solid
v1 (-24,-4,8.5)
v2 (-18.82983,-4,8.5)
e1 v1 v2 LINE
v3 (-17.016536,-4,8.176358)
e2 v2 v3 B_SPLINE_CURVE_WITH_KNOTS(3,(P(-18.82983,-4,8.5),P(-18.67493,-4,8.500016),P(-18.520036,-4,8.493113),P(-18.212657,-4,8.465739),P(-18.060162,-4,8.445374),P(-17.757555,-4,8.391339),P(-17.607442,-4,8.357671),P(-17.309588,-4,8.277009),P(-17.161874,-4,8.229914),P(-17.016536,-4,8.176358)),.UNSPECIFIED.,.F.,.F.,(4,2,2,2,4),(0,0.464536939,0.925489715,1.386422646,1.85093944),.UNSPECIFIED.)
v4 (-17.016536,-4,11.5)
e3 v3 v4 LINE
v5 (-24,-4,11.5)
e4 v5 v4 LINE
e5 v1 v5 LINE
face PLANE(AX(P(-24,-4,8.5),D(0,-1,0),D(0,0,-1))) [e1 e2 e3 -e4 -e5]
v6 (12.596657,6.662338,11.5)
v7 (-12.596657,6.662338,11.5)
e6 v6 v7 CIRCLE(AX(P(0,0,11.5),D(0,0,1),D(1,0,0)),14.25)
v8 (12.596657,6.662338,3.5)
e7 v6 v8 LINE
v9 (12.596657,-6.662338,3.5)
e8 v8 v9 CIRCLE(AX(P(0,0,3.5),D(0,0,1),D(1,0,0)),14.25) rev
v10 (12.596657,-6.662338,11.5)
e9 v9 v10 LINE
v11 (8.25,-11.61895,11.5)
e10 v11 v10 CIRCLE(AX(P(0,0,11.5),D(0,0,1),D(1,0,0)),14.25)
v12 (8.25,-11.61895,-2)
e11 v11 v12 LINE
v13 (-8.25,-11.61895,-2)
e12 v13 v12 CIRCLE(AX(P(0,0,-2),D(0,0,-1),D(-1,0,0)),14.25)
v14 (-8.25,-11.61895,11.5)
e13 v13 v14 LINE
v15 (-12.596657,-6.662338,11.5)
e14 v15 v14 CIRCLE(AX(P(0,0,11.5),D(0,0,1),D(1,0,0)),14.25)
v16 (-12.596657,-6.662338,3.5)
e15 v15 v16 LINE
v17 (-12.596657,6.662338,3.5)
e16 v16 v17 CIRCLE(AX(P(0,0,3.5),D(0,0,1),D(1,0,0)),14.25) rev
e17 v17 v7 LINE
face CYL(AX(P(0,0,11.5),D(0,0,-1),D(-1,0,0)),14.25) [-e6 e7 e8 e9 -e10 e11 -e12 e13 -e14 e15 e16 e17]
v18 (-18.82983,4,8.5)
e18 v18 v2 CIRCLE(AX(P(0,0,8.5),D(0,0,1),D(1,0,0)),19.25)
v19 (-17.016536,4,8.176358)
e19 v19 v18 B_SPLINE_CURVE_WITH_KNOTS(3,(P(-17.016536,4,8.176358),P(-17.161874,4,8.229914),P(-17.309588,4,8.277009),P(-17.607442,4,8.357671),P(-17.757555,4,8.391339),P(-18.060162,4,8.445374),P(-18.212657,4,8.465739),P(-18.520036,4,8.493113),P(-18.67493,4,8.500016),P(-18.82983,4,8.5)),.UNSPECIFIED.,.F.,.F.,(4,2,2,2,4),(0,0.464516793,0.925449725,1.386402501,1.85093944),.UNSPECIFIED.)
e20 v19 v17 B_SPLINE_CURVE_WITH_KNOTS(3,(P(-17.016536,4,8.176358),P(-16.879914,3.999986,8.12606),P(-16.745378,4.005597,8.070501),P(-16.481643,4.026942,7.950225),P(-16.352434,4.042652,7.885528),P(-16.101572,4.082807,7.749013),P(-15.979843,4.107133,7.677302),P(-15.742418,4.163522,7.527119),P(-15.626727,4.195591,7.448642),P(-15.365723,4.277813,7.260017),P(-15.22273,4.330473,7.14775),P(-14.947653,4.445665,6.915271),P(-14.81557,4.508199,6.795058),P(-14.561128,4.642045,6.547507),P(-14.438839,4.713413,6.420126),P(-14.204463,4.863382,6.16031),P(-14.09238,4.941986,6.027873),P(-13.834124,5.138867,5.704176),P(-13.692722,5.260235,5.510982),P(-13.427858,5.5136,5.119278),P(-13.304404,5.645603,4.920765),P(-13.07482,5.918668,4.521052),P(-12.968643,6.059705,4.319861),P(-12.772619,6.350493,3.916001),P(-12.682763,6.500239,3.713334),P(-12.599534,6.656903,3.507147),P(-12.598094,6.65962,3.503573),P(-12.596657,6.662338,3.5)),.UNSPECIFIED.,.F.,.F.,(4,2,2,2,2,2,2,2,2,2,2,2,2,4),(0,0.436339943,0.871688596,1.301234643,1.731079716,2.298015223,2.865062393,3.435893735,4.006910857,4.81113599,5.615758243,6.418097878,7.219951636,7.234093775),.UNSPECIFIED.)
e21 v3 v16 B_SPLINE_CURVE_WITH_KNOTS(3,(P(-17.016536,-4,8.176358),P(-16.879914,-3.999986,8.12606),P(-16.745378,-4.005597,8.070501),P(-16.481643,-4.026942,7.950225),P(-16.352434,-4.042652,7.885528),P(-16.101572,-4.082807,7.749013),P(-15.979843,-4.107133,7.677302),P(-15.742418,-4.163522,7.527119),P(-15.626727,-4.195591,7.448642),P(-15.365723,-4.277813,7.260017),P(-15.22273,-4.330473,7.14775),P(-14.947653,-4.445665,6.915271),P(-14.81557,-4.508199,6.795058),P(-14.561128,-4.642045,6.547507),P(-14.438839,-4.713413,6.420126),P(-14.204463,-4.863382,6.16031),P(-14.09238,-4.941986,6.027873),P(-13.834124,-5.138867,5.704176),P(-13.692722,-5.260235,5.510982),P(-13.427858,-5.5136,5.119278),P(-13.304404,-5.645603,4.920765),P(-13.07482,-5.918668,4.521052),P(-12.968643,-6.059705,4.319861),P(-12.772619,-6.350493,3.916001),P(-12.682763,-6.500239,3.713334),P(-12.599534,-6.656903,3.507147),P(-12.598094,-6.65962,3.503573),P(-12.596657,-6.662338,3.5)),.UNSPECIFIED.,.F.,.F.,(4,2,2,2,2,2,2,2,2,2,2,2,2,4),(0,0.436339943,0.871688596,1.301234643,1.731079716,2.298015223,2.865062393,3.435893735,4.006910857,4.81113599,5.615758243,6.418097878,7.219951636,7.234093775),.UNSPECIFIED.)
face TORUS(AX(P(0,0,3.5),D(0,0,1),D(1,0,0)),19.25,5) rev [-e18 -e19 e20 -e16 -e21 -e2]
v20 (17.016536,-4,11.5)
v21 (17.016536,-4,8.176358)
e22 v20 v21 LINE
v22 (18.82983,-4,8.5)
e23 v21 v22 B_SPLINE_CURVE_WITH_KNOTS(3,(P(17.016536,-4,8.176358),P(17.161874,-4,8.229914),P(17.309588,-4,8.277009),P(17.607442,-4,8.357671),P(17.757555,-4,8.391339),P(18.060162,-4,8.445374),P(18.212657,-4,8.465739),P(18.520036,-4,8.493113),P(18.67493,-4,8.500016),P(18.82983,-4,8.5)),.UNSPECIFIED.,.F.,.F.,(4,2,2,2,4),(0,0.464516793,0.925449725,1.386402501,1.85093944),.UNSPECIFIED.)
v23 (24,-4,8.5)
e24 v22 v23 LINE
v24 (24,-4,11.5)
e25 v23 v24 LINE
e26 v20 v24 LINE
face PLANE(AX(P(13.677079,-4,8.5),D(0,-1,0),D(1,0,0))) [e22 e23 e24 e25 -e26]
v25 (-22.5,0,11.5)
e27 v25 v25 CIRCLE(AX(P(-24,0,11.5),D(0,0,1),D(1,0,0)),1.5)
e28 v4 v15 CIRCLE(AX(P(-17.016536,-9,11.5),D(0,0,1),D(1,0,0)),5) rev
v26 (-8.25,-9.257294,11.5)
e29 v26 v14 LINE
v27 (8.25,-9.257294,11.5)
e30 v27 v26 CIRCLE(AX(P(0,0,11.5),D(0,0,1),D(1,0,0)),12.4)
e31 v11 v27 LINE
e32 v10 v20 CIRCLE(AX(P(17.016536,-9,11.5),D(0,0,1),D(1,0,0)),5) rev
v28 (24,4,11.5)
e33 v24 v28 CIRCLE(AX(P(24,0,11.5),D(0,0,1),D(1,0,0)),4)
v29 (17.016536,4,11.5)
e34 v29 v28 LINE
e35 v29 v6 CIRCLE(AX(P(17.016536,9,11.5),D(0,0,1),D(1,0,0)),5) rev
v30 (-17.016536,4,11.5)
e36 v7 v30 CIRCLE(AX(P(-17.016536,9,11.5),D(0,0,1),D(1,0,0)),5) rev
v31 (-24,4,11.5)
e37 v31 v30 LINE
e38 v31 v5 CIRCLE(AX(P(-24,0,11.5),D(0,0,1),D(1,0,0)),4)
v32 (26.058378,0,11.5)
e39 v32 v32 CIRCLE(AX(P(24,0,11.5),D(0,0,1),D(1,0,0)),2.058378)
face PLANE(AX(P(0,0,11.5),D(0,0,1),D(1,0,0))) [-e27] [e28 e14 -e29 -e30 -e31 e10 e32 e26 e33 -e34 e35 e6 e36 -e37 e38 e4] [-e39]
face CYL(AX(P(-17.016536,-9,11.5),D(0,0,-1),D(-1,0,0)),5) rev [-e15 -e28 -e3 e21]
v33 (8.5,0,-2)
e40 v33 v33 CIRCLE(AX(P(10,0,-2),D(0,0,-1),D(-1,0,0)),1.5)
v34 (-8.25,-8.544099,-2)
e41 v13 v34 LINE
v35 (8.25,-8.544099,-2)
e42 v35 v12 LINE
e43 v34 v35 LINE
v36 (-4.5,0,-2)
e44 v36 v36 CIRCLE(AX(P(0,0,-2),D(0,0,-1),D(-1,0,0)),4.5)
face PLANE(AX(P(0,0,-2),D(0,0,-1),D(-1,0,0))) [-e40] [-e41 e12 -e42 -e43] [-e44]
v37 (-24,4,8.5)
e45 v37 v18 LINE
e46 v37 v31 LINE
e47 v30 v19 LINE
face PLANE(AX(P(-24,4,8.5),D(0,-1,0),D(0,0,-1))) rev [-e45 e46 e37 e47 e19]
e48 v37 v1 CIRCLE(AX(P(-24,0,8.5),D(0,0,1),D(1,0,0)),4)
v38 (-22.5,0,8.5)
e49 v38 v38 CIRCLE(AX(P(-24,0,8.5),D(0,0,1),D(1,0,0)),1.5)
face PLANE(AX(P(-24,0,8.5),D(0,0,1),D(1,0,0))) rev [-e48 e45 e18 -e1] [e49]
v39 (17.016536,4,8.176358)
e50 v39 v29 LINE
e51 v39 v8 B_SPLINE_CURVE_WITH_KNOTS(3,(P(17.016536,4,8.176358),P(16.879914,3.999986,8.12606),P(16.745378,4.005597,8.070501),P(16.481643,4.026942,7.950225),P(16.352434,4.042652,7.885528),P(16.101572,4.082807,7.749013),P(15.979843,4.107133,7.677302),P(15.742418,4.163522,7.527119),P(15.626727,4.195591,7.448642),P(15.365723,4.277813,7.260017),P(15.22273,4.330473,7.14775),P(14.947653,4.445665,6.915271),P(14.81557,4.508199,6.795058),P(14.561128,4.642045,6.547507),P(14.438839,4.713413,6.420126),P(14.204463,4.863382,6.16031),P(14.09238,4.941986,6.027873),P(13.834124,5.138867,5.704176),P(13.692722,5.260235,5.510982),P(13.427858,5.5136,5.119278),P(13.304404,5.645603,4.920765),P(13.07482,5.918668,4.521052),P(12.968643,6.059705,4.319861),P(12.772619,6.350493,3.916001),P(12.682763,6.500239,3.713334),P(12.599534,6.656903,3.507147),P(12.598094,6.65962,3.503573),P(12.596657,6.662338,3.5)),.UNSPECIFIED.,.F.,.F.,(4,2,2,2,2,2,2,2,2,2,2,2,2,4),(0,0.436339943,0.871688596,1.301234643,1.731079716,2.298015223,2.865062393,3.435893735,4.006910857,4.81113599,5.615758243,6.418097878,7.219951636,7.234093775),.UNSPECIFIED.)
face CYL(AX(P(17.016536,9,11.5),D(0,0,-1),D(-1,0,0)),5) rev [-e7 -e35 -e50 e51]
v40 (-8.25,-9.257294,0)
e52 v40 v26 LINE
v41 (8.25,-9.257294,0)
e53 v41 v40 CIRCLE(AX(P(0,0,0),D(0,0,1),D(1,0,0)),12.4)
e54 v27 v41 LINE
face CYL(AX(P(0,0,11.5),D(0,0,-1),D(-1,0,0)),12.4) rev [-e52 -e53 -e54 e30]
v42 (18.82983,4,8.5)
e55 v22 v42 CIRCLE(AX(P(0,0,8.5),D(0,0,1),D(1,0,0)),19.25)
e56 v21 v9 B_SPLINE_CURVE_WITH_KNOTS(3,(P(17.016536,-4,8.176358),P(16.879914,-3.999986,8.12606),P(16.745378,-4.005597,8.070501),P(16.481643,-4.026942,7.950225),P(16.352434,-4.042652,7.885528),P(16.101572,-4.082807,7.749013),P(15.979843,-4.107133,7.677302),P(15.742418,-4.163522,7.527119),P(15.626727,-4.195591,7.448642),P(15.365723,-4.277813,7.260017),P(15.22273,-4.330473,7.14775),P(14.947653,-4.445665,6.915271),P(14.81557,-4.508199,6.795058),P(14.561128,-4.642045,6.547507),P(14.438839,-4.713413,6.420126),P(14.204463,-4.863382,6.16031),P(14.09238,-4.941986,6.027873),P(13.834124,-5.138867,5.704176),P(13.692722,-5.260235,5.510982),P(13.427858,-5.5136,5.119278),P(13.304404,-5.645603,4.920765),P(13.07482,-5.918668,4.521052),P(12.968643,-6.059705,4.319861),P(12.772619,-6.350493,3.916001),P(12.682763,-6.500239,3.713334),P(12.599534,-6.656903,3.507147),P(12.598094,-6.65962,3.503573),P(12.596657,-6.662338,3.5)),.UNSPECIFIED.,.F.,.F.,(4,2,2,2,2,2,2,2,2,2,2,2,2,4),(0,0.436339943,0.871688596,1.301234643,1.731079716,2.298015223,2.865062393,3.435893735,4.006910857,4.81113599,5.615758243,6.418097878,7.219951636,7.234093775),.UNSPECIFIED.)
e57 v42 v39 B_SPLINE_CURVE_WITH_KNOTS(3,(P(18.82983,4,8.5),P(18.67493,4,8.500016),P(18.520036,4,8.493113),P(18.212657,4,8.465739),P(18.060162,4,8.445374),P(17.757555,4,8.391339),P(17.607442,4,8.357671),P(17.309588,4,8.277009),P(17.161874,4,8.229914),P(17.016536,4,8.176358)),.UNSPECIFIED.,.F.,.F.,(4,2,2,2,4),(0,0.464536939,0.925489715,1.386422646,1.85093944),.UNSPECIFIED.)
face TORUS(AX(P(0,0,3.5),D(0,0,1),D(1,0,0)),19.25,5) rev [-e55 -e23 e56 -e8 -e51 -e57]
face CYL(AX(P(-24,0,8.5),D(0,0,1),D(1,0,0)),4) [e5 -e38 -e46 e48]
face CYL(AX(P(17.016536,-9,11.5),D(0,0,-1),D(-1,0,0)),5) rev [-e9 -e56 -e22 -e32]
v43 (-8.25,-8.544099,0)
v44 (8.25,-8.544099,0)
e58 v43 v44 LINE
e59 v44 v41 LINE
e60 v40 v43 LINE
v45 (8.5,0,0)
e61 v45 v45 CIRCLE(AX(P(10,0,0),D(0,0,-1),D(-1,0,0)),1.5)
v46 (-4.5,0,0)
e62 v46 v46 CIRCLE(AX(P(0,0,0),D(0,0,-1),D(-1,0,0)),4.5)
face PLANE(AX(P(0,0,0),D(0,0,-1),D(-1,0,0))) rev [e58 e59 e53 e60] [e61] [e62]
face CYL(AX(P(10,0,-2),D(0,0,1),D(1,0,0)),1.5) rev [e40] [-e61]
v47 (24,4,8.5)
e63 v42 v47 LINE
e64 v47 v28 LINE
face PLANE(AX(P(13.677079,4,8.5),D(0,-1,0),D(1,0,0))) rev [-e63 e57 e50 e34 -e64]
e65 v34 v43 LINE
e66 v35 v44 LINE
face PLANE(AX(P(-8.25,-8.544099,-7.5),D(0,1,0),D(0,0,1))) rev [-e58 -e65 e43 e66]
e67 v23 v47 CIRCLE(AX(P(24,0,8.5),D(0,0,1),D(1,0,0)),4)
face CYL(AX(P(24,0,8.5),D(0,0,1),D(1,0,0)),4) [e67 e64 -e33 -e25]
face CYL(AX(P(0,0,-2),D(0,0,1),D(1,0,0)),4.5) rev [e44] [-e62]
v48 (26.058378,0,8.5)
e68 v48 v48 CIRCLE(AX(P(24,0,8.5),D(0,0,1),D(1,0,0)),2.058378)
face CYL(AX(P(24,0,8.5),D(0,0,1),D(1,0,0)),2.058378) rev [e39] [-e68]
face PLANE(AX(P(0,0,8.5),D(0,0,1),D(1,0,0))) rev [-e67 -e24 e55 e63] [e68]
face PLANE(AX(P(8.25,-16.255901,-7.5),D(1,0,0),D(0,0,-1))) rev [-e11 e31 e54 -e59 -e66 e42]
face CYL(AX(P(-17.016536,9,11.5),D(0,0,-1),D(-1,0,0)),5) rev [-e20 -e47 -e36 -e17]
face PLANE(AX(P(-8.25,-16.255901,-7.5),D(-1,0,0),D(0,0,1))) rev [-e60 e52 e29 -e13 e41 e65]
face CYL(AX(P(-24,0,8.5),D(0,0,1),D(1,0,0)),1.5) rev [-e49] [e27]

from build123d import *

# Parameters (mm, degrees)
SKETCH_1_R          = 14.25
SKETCH_1_R_2        = 12.4
EXTRUDE_1_DEPTH     = 11.5
EXTRUDE_START       = 2
SKETCH_2_R          = 14.25
SKETCH_2_R_2        = 4.5
SKETCH_2_R_3        = 1.5
EXTRUDE_2_DEPTH     = 2
SKETCH_4_W          = 16.5
SKETCH_4_H          = 7.711801842
CUT_EXTRUDE_2_DEPTH = 19
EXTRUDE_START_2     = -3
SKETCH_5_R          = 1.5
SKETCH_5_R_2        = 2.058377943
EXTRUDE_3_DEPTH     = 3
FILLET_1_R          = 5


with BuildPart() as part:
    # 草图1 → 凸台-拉伸1 (new body)
    with BuildSketch(Plane.XY):
        Circle(SKETCH_1_R)
        Circle(SKETCH_1_R_2, mode=Mode.SUBTRACT)
    extrude(amount=EXTRUDE_1_DEPTH)

    # 草图2 → 凸台-拉伸2 (add)
    with BuildSketch(Plane(origin=(0, 0, 0), x_dir=(-1, 0, 0), z_dir=(0, 0, -1)).offset(EXTRUDE_START)):
        Circle(SKETCH_2_R)
        Circle(SKETCH_2_R_2, mode=Mode.SUBTRACT)
        with Locations((-10, 0)):
            Circle(SKETCH_2_R_3, mode=Mode.SUBTRACT)
    extrude(amount=-EXTRUDE_2_DEPTH)

    # 草图4 → 切除-拉伸2 (cut)
    with BuildSketch(Plane.XY.offset(11.5)):
        with Locations((0, -12.4)):
            Rectangle(SKETCH_4_W, SKETCH_4_H)
    extrude(amount=-CUT_EXTRUDE_2_DEPTH, mode=Mode.SUBTRACT)

    # 草图5 → 凸台-拉伸3 (add)
    # profile 1 of 2: a face of its own
    with BuildSketch(Plane.XY.offset(11.5).offset(EXTRUDE_START_2)):
        with BuildLine():
            Line((-24, 4), (-13.677079367, 4))
            ThreePointArc((-13.677079367, 4), (-14.25, 0), (-13.677079367, -4))
            Line((-13.677079367, -4), (-24, -4))
            ThreePointArc((-24, -4), (-28, 0), (-24, 4))
        make_face()
        with Locations((-24, 0)):
            Circle(SKETCH_5_R, mode=Mode.SUBTRACT)
    # profile 2 of 2: a face of its own
    with BuildSketch(Plane.XY.offset(11.5).offset(EXTRUDE_START_2)):
        with BuildLine():
            Line((13.677079367, 4), (24, 4))
            ThreePointArc((24, 4), (28, 0), (24, -4))
            Line((24, -4), (13.677079367, -4))
            ThreePointArc((13.677079367, -4), (14.25, 0), (13.677079367, 4))
        make_face()
        with Locations((24, 0)):
            Circle(SKETCH_5_R_2, mode=Mode.SUBTRACT)
    extrude(amount=EXTRUDE_3_DEPTH)

    # 圆角1
    fillet_1_edges = [part.edges().sort_by_distance(p)[0] for p in [
        (-13.677079367, 4, 10),
        (-13.677079367, -4, 10),
        (-14.25, 0, 8.5),
        (13.677079367, -4, 10),
        (13.677079367, 4, 10),
        (14.25, 0, 8.5),
    ]]
    fillet(fillet_1_edges, radius=FILLET_1_R)


solid = part.part
